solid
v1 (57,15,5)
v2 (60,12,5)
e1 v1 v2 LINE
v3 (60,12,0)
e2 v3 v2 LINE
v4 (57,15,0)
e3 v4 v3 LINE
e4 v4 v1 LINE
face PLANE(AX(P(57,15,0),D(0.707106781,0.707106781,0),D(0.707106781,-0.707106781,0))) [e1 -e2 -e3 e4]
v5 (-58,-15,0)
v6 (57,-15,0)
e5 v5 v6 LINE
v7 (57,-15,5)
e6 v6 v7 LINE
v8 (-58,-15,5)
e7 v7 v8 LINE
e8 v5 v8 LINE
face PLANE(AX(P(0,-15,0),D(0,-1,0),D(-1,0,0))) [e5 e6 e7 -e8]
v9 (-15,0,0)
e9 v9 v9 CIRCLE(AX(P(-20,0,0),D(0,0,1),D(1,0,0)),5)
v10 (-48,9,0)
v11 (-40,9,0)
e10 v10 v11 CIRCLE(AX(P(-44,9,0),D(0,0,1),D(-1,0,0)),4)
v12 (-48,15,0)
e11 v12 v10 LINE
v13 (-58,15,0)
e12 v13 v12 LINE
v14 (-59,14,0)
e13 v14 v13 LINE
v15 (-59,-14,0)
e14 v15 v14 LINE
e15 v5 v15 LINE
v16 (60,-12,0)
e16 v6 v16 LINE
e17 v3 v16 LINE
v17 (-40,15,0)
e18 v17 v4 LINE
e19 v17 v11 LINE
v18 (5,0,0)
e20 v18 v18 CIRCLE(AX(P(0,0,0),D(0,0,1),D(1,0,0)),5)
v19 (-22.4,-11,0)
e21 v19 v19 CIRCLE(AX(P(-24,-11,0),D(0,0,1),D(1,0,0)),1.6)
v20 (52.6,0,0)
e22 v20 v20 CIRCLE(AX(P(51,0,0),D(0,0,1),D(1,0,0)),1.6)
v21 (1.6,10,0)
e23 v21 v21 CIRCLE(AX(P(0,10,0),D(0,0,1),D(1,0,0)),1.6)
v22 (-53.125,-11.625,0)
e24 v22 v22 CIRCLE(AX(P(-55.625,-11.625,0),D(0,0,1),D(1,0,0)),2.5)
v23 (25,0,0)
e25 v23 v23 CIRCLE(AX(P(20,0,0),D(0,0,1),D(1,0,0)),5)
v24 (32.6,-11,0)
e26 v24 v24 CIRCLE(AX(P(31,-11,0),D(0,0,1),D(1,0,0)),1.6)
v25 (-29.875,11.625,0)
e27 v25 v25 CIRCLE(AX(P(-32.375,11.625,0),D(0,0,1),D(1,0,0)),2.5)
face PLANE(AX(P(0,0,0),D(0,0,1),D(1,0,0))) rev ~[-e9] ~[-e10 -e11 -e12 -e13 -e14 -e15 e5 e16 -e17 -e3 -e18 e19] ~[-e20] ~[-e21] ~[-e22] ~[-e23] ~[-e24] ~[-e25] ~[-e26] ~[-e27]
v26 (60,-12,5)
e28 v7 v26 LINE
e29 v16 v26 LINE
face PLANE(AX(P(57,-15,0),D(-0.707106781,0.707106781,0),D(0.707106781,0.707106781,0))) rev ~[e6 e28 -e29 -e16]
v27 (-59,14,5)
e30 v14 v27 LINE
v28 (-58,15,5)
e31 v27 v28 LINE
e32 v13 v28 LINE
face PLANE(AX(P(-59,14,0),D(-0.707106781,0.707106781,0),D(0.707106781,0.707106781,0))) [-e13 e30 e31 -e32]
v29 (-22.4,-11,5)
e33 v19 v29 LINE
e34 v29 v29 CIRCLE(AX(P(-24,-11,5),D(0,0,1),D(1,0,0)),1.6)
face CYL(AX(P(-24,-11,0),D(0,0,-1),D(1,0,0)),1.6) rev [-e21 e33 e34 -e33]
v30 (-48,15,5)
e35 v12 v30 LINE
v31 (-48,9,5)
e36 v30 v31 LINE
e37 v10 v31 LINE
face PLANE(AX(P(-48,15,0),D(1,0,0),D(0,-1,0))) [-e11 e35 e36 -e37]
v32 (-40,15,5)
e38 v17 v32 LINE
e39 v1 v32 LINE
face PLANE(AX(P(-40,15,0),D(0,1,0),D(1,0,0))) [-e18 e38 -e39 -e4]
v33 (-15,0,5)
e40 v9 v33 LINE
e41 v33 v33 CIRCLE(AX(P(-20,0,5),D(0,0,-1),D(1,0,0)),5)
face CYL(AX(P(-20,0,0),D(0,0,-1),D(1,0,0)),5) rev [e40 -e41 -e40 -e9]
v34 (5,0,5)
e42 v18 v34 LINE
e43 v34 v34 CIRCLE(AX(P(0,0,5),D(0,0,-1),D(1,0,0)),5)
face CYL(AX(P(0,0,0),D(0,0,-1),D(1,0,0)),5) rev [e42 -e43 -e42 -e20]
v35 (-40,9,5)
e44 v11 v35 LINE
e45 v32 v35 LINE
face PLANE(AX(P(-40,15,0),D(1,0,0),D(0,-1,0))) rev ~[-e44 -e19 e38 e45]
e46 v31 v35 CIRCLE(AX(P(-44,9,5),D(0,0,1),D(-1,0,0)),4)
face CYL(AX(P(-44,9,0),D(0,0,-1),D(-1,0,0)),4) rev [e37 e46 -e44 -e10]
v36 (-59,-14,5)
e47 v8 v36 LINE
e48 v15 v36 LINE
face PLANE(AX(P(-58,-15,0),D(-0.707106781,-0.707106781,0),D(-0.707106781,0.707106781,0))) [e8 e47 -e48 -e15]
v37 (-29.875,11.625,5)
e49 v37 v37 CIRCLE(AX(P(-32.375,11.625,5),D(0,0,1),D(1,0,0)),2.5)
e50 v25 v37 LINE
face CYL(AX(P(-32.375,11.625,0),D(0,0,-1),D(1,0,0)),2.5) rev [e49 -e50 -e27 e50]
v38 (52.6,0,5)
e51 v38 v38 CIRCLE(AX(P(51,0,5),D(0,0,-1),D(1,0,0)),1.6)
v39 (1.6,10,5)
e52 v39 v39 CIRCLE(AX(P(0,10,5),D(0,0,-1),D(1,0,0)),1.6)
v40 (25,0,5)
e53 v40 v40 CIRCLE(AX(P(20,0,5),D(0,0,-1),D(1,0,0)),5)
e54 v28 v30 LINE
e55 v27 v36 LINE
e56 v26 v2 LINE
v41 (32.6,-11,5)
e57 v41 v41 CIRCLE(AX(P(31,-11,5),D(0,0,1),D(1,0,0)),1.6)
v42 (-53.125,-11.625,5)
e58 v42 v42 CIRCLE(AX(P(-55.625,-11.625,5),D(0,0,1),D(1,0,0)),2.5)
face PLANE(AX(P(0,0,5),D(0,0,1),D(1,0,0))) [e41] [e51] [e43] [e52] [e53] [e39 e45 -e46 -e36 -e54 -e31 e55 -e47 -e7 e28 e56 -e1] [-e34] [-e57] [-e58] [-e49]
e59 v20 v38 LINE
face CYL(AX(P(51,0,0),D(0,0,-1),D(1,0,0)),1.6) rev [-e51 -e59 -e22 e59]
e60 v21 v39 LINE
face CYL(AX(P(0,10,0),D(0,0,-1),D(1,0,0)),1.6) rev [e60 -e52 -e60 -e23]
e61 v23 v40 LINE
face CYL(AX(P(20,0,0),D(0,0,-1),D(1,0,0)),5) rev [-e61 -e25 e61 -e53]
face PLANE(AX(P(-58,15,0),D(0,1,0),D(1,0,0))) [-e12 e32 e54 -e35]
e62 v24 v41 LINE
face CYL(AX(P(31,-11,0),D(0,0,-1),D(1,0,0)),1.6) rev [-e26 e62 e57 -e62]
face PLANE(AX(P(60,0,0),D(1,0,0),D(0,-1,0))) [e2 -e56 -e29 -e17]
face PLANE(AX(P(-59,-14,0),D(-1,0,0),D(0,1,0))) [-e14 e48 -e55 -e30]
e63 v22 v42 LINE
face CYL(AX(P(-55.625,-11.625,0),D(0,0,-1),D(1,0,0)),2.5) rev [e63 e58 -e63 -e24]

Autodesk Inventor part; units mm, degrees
ref_plane "YZ Plane" through (0, 0, 0) normal (1, 0, 0) x (0, 1, 0)
ref_plane "XZ Plane" through (0, 0, 0) normal (0, 1, 0) x (-1, 0, 0)
ref_plane "XY Plane" through (0, 0, 0) normal (0, 0, 1) x (1, 0, 0)
sketch "Náčrt1" plane through (0, 0, 0) normal (0, 0, 1) x (1, 0, 0)
  line L0 (0, -21) -> (0, 21) projected
  line L1 (-82.8, 0) -> (83.8, 0) projected
  line L2 (57, -15) -> (-58, -15)
  line L3 (-59, -14) -> (-59, 14)
  line L4 (-58, 15) -> (57, 15)
  line L5 (60, 12) -> (60, -12)
  circle A0 centre (20, 0) radius 5
  circle A1 centre (-20, 0) radius 5
  circle A2 centre (-55.625, -11.625) radius 2.5
  circle A3 centre (-32.375, 11.625) radius 2.5
  circle A4 centre (-24, -11) radius 1.6
  circle A5 centre (0, 10) radius 1.6
  circle A6 centre (51, 0) radius 1.6
  circle A7 centre (31, -11) radius 1.6
  line L6 (6, -6) -> (6, 0)
  line L7 (1, 0) -> (1, -6)
  line L8 (-3.5, -6) -> (-3.5, 0)
  line L9 (-8.5, 0) -> (-8.5, -6)
  arc A8 (1, -6) -> (6, -6) centre (3.5, -6) ccw
  arc A9 (-8.5, -6) -> (-3.5, -6) centre (-6, -6) ccw
  line L10 (-58, -15) -> (-59, -14)
  line L11 (-59, 14) -> (-58, 15)
  line L12 (57, -15) -> (60, -12)
  line L13 (57, 15) -> (60, 12)
  circle A10 centre (0, 0) radius 5
  arc A11 (6, 0) -> (4.4286, 2.3212) centre (3.5, 0) ccw
  arc A12 (1, -4.899) -> (4.4286, 2.3212) centre (0, 0) ccw
  arc A13 (-4.5625, 2.0454) -> (-8.5, 0) centre (-6, 0) ccw
  arc A14 (4.4286, 2.3212) -> (-4.5625, 2.0454) centre (0, 0) ccw
  arc A15 (-3.5, -3.5707) -> (1, -4.899) centre (0, 0) ccw
  arc A16 (-4.5625, 2.0454) -> (-3.5, -3.5707) centre (0, 0) ccw
  arc A17 (1, -4.899) -> (4.4286, 2.3212) centre (0, 0) ccw
  line L14 (1, -4.899) -> (1, -6)
  line L15 (-3.5, -3.5707) -> (-3.5, -6)
  arc A18 (-3.5, 0) -> (-4.5625, 2.0454) centre (-6, 0) ccw
  arc A19 (4.4286, 2.3212) -> (1, 0) centre (3.5, 0) ccw
  line L16 (-48, 15) -> (-48, 9)
  line L17 (-40, 15) -> (-40, 9)
  arc A20 (-48, 9) -> (-40, 9) centre (-44, 9) ccw
  line L18 (-48, 15) -> (-40, 15)
  point P0 (60, -15)
  point P1 (-59, 15)
  point P2 (-59, -15)
  point P3 (60, 15)
  dimension "d0" = 30
  dimension "d1" = 119
  dimension "d2" = 10
  dimension "d3" = 40
  dimension "d5" = 5
  dimension "d6" = 3.375
  dimension "d7" = 3.375
  dimension "d8" = 3.375
  dimension "d9" = 26.625
  dimension "d10" = 40
  dimension "d11" = 35
  dimension "d12" = 4
  dimension "d13" = 3.2
  dimension "d14" = 59
  dimension "d15" = 5
  dimension "d16" = 9
  dimension "d17" = 29
  dimension "d18" = 5
  dimension "d19" = 4.5
  dimension "d21" = 50.5
  dimension "d22" = 6.5
  dimension "d23" = 1
  dimension "d24" = 1
  dimension "d25" = 1
  dimension "d26" = 1
  dimension "d27" = 3
  dimension "d28" = 3
  dimension "d29" = 3
  dimension "d30" = 3
  dimension "d33" = 10
  dimension "d34" = 8
  dimension "d35" = 10
  dimension "d36" = 15
extrude "Vysunutí1" add sketch "Náčrt1" along normal blind 5 contours L2 L10 L3 L1 A1 L9 A9 L8 A10 L0 | L0 A10 L7 A8 L6 L1 A0 A6 L5 L12 L2 | L8 A9 L9 L1 A10 | A10 L1 L6 A8 L7 | A10 A13 L1 A1 L3 L11 L4 L16 A20 L17 L0 A5 | L0 A5 L4 L13 L5 L1 A6 A0 A11 A10 | L1 A13 A10 | A10 A11 L1
equation "\"d7\" = d6"
equation "\"d8\" = d6"
equation "\"d24\" = d23"
equation "\"d25\" = d23"
equation "\"d26\" = d25"
equation "\"d28\" = d27"
equation "\"d29\" = d27"
equation "\"d30\" = d29"
